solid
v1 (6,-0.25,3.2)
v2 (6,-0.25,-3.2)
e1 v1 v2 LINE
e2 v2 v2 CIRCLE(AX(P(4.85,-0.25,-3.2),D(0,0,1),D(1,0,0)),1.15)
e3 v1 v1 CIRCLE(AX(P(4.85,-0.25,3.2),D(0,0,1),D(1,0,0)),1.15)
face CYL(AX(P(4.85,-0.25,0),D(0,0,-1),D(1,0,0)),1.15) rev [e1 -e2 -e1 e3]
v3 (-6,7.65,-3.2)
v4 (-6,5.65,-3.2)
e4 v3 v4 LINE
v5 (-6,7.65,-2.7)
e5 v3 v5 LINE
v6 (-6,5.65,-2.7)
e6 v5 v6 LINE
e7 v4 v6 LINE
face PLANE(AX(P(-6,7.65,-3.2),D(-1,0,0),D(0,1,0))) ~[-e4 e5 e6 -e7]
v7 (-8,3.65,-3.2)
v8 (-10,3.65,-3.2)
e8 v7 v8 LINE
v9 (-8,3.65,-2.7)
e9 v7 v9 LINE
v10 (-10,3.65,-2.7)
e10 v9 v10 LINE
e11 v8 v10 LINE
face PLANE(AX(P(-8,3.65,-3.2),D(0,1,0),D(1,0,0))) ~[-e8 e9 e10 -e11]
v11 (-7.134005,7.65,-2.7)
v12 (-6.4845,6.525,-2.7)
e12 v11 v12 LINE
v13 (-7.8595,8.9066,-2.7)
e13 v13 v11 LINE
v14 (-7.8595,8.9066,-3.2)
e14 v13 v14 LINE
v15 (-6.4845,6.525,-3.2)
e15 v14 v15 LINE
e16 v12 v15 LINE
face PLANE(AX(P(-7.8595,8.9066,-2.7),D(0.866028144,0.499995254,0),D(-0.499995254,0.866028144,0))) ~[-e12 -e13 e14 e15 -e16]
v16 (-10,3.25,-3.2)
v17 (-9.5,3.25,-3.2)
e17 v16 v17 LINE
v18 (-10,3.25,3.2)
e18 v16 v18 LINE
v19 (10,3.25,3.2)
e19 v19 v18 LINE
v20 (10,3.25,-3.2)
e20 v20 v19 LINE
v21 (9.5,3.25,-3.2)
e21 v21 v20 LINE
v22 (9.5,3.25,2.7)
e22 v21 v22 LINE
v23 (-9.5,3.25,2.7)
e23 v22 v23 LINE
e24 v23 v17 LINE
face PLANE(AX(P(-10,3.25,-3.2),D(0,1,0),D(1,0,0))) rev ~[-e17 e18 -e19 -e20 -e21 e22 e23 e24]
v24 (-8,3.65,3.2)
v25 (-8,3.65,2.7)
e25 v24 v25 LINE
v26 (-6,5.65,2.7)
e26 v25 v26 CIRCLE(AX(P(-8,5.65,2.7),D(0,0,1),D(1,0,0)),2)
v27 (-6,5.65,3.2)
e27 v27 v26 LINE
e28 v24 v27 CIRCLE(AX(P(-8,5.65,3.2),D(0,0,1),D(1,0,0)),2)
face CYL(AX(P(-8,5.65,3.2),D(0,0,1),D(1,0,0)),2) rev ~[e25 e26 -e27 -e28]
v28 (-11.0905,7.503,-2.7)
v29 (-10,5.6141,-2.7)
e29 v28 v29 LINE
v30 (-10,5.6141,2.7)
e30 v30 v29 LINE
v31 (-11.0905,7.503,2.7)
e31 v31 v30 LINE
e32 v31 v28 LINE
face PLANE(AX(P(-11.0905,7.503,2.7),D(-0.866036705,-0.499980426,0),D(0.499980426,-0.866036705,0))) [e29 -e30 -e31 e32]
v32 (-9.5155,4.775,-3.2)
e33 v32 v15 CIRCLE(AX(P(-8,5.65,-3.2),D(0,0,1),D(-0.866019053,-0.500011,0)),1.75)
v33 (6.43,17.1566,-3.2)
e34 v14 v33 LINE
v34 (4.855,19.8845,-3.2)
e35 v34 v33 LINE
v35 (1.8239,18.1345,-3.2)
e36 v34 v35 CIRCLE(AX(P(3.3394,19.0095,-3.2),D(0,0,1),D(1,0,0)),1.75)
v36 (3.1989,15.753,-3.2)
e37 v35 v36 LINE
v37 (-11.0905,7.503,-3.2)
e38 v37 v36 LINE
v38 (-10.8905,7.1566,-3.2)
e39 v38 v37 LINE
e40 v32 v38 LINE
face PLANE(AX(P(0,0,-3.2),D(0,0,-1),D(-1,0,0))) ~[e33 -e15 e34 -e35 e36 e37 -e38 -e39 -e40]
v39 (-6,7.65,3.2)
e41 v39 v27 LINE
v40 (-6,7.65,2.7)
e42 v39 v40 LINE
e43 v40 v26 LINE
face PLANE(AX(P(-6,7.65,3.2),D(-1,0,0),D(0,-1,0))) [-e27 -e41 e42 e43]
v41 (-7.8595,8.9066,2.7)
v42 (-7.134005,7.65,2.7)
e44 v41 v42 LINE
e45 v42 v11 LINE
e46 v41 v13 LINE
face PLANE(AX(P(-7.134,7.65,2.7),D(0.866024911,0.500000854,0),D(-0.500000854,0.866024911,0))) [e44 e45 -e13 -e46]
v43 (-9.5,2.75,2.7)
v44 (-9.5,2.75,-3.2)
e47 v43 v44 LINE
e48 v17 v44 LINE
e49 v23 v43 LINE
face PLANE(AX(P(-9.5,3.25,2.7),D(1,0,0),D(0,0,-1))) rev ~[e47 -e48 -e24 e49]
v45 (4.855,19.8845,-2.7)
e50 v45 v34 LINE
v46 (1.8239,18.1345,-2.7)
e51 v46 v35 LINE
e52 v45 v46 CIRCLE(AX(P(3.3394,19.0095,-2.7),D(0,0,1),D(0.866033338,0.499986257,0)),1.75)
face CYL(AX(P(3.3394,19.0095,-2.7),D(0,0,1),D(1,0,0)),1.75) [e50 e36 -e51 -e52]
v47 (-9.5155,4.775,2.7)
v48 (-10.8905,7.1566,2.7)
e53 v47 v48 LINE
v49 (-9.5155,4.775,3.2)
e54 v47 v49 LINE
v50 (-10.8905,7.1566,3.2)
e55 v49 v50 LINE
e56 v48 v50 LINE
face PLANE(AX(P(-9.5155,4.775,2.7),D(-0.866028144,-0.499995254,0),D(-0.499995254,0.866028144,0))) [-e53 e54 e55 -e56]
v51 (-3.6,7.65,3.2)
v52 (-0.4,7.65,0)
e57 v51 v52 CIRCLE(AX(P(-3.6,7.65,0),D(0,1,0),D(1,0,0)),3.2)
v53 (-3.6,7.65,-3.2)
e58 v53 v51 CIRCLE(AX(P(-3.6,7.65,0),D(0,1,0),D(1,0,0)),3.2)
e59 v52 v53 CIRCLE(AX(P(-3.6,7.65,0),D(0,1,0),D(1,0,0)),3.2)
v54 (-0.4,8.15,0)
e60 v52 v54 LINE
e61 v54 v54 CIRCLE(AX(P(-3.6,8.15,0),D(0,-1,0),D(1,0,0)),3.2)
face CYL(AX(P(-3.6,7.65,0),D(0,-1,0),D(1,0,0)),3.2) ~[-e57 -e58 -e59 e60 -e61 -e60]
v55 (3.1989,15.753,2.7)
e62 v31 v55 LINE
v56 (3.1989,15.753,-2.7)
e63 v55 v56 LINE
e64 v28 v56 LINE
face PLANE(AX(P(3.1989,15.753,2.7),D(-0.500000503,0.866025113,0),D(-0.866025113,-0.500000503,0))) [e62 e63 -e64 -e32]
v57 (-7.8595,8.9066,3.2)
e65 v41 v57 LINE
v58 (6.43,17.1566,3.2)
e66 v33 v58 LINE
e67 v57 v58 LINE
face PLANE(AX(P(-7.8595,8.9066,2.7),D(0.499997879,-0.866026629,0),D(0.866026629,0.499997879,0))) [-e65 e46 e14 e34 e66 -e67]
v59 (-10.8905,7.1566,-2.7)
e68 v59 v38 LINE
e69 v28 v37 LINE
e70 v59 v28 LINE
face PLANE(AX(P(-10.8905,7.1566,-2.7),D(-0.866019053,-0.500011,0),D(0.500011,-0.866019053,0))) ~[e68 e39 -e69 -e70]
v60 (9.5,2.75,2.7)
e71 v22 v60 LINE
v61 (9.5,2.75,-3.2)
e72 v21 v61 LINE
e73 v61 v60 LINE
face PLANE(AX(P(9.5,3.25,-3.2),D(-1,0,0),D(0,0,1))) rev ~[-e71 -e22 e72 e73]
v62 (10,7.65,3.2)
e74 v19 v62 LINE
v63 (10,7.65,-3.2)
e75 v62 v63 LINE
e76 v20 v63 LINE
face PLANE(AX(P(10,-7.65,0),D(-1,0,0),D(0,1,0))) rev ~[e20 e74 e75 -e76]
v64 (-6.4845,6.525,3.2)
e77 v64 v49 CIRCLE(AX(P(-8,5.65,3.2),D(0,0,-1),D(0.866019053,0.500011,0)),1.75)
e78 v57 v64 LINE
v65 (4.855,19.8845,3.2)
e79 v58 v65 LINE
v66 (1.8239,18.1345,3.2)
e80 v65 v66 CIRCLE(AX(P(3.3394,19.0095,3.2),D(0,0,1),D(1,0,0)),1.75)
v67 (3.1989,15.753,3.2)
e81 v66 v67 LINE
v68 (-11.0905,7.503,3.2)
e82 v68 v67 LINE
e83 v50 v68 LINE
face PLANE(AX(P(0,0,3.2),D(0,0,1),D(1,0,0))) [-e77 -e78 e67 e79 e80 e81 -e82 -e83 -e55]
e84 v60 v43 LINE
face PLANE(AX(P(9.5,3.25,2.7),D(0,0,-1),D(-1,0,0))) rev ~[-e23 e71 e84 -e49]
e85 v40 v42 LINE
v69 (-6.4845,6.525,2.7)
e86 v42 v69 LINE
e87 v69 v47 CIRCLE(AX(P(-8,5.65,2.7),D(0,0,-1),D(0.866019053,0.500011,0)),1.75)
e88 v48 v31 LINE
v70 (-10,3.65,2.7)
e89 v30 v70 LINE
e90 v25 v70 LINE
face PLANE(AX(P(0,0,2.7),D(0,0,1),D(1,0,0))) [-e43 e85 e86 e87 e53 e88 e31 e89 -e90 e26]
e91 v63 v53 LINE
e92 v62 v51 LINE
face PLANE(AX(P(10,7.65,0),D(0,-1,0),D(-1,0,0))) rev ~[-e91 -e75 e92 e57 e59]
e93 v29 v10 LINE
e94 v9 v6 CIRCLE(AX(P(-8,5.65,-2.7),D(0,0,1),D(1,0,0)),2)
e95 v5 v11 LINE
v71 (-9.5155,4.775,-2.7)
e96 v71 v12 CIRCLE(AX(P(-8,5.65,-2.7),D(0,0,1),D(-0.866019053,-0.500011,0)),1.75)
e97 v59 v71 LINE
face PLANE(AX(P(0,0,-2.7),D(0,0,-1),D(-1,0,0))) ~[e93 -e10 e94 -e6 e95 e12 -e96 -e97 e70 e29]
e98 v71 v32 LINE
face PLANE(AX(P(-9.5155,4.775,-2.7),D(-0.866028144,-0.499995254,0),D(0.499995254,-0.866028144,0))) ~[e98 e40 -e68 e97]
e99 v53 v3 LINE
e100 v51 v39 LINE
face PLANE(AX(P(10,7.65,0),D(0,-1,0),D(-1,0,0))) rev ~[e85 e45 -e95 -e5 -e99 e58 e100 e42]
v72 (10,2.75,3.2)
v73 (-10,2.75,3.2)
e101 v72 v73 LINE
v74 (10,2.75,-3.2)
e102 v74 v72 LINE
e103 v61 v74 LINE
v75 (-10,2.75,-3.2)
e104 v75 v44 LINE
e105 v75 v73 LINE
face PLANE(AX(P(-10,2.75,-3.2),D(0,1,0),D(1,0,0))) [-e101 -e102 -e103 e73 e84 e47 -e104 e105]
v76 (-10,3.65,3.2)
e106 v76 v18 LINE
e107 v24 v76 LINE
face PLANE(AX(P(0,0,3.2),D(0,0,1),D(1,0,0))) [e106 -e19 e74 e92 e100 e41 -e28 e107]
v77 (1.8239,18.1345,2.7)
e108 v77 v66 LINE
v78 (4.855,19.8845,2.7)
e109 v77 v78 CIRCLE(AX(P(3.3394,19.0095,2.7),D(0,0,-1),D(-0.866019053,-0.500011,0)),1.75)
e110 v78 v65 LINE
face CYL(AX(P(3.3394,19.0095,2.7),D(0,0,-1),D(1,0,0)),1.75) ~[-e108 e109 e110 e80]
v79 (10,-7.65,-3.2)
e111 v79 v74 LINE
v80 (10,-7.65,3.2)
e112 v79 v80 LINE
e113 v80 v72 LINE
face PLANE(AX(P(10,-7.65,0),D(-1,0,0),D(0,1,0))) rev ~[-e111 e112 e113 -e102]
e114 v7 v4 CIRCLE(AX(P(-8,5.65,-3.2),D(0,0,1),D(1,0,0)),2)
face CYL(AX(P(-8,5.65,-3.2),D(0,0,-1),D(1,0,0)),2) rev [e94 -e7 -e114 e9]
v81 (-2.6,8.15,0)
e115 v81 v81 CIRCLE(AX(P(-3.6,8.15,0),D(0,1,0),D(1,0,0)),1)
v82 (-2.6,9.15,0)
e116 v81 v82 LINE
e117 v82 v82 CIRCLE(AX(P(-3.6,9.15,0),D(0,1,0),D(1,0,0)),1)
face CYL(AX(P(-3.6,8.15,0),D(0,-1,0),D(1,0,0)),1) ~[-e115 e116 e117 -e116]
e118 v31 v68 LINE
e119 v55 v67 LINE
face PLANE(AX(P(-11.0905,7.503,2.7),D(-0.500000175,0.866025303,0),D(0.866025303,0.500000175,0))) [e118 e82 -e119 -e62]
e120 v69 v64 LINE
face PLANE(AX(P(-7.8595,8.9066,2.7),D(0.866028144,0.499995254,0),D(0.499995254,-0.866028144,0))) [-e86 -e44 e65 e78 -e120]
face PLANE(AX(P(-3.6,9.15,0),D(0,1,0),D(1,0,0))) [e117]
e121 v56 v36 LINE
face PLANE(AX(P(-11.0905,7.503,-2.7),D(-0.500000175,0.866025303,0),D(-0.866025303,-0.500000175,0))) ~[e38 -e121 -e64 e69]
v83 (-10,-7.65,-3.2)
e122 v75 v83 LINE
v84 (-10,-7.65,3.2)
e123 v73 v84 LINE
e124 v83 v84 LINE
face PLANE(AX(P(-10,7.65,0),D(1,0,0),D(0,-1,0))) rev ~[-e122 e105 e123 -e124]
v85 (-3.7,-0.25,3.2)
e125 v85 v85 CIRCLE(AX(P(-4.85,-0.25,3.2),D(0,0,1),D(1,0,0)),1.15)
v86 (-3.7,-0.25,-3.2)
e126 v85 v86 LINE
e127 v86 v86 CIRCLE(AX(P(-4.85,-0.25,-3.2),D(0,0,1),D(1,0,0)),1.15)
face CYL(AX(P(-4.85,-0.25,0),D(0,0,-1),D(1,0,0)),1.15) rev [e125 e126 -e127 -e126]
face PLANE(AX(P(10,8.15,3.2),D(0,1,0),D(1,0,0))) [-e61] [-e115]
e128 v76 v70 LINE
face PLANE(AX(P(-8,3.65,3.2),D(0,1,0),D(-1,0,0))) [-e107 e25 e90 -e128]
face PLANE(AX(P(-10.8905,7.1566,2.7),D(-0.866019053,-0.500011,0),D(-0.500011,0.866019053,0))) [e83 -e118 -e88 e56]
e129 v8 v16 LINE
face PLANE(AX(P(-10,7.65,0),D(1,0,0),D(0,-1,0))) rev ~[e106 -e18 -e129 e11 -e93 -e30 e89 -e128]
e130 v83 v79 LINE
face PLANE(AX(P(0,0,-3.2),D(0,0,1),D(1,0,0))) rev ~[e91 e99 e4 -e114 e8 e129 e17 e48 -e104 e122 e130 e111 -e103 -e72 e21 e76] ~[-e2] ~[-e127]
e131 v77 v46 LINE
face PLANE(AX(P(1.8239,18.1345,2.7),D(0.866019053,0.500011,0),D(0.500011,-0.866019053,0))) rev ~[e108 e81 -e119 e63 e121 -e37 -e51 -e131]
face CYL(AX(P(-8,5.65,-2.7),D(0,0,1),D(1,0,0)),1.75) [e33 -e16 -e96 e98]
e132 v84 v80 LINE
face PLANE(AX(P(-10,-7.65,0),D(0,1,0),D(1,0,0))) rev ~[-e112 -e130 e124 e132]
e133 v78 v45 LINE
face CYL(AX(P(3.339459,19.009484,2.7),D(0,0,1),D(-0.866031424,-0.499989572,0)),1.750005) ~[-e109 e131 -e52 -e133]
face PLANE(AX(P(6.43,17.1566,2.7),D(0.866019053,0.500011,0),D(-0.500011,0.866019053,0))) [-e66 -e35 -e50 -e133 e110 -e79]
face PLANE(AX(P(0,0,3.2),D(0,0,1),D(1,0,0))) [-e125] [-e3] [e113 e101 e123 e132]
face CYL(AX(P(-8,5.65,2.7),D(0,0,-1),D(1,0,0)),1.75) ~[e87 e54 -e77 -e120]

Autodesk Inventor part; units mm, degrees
ref_plane "YZ Plane" through (0, 0, 0) normal (1, 0, 0) x (0, 1, 0)
ref_plane "XZ Plane" through (0, 0, 0) normal (0, 1, 0) x (-1, 0, 0)
sketch "LimitSwitchBody" plane through (0, 0, 0) normal (0, 0, 1) x (1, 0, 0)
  line L0 (-10, -7.65) -> (10, -7.65)
  line L1 (10, -7.65) -> (10, 7.65)
  line L2 (10, 7.65) -> (-10, 7.65)
  line L3 (-10, 7.65) -> (-10, -7.65)
  line L4 (-10, -7.65) -> (10, 7.65) construction
  line L5 (10, -7.65) -> (-10, 7.65) construction
  line L6 (-10, -0.25) -> (10, -0.25) construction
  circle A0 centre (4.85, -0.25) radius 1.15
  line L7 (3.7, -1.4) -> (6, -1.4) construction
  line L8 (6, -1.4) -> (6, 0.9) construction
  line L9 (6, 0.9) -> (3.7, 0.9) construction
  line L10 (3.7, 0.9) -> (3.7, -1.4) construction
  line L11 (3.7, -1.4) -> (6, 0.9) construction
  line L12 (6, -1.4) -> (3.7, 0.9) construction
  line L13 (0, -10.71) -> (0, 10.71) construction
  circle A1 centre (-4.85, -0.25) radius 1.15
  point P0 (0, 0)
  dimension "d0" = 20
  dimension "d1" = 15.3
  dimension "d2" = 2.3
  dimension "d3" = 4
  dimension "d4" = 7.4
extrude "LimitSwitchBodyFeature" add sketch "LimitSwitchBody" along normal mid plane 6.4
ref_plane "EtchPlane" through (-10, 3.25, -3.2) normal (0, 1, 0) x (1, 0, 0)
sketch "EtchProfile" plane through (-10, 3.25, -3.2) normal (0, 1, 0) x (1, 0, 0)
  line L0 (0, 0) -> (20, 0) projected
  line L1 (0, 0) -> (0, -6.4) projected
  line L2 (20, -6.4) -> (0, -6.4) projected
  line L3 (20, 0) -> (20, -6.4) projected
  line L4 (0.5, -5.9) -> (0.5, 0.5)
  line L5 (0.5, 0.5) -> (19.5, 0.5)
  line L6 (19.5, 0.5) -> (19.5, -5.9)
  line L7 (19.5, -5.9) -> (0.5, -5.9)
  point P0 (10, -3.2)
  dimension "d8" = 0.5
extrude "EtchFeature" cut sketch "EtchProfile" against normal blind 0.5 contours L0 L4 L7 L6 L3 L2 L1
sketch "HingeIndent" plane through (0, 0, 3.2) normal (0, 0, 1) x (1, 0, 0)
  line L0 (-10, 7.65) -> (-10, 3.25) projected
  line L1 (-10, 7.65) -> (-6, 7.65)
  line L2 (-6, 7.65) -> (-6, 3.65)
  line L3 (-6, 3.65) -> (-10, 3.65)
  line L4 (-10, 3.65) -> (-10, 7.65)
  circle A0 centre (-8, 5.65) radius 2
  point P0 (0, 0)
  point P1 (-8, 3.65)
  point P2 (-6, 5.65)
  dimension "d11" = 4
extrude "HingeIndentFeature" cut sketch "HingeIndent" against normal blind 0.5 contours L1 A0 L0 | A0 L3 L0 | A0 | L1 L2 A0
mirror "HingeMirrorFeature" about plane through (0, 0, 0) normal (0, 0, 1) of "HingeIndentFeature"
sketch "ButtonHousing" plane through (10, 7.65, 3.2) normal (0, 1, 0) x (1, 0, 0)
  line L0 (-24, 3.2) -> (4, 3.2) construction
  line L1 (-20, 5.9) -> (-20, 0.5) construction
  circle A0 centre (-13.6, 3.2) radius 3.2
  line L2 (0, 0) -> (-16, 0) projected
  point P0 (-10, 3.2)
  dimension "d14" = 6.4
extrude "ButtonHousingFeature" add sketch "ButtonHousing" along normal blind 0.5
sketch "Button" plane through (-3.6, 8.15, 0) normal (0, 1, 0) x (1, 0, 0)
  circle A0 centre (0, 0) radius 3.2 construction
  circle A1 centre (0, 0) radius 1
  point P0 (3.6, 0)
  dimension "d17" = 2
extrude "ButtonFeature" add sketch "Button" along normal blind 1
sketch "Lever" plane through (0, 0, 2.7) normal (0, 0, 1) x (1, 0, 0)
  arc A0 (-8, 3.65) -> (-6, 5.65) centre (-8, 5.65) ccw projected
  circle A1 centre (-8, 5.65) radius 1.75
  line L0 (-9.5155, 4.775) -> (-10.8905, 7.1566)
  line L1 (-10.8905, 7.1566) -> (-7.8595, 8.9066)
  line L2 (-7.8595, 8.9066) -> (-6.4845, 6.525)
  line L3 (-9.375, 8.0316) -> (-8, 5.65) construction
  line L4 (-10, 3.25) -> (10, 3.25) projected
  line L5 (-7.8595, 8.9066) -> (6.43, 17.1566)
  line L6 (-10.8905, 7.1566) -> (-11.0905, 7.503)
  line L7 (-11.0905, 7.503) -> (6.23, 17.503)
  line L8 (6.23, 17.503) -> (6.43, 17.1566)
  line L9 (-2.4303, 12.503) -> (-2.2303, 12.1566) construction
  circle A2 centre (3.3394, 19.0095) radius 1.75
  line L10 (6.23, 17.503) -> (4.855, 19.8845)
  line L11 (1.8239, 18.1345) -> (3.1989, 15.753)
  point P0 (0, 0)
  dimension "d20" = 0.25
  dimension "d21" = 2.75
  dimension "d22" = 3.5
  dimension "d23" = 120
  dimension "d24" = 20
  dimension "d25" = 0.4
extrude "LeverFeature" add sketch "Lever" along normal up to surface (0.5 mm away)
mirror "LeverMirrorFeature" about plane through (0, 0, 0) normal (0, 0, 1) of "LeverFeature"
sketch "LeverConnect" plane through (0, 0, 2.7) normal (0, 0, -1) x (-1, 0, 0)
  line L0 (10, 5.6141) -> (10, 7.65) projected
  line L1 (11.0905, 7.503) -> (10, 5.6141) projected
  line L2 (-3.1989, 15.753) -> (11.0905, 7.503) projected
  line L3 (-1.8239, 18.1345) -> (-3.1989, 15.753) projected
  arc A0 (-1.8239, 18.1345) -> (-4.855, 19.8845) centre (-3.3394, 19.0095) ccw projected
  line L4 (-6.43, 17.1566) -> (-4.855, 19.8845) projected
  line L5 (7.8595, 8.9066) -> (-6.43, 17.1566) projected
  line L6 (7.134, 7.65) -> (7.8595, 8.9066) projected
  line L7 (10, 7.65) -> (7.134, 7.65) projected
  point P0 (0, 0)
extrude "LeverConnectFeature" add sketch "LeverConnect" along normal up to surface (5.4 mm away)
equation "\"d26\" = d25"
properties part number "ArmLimitSwitch"
